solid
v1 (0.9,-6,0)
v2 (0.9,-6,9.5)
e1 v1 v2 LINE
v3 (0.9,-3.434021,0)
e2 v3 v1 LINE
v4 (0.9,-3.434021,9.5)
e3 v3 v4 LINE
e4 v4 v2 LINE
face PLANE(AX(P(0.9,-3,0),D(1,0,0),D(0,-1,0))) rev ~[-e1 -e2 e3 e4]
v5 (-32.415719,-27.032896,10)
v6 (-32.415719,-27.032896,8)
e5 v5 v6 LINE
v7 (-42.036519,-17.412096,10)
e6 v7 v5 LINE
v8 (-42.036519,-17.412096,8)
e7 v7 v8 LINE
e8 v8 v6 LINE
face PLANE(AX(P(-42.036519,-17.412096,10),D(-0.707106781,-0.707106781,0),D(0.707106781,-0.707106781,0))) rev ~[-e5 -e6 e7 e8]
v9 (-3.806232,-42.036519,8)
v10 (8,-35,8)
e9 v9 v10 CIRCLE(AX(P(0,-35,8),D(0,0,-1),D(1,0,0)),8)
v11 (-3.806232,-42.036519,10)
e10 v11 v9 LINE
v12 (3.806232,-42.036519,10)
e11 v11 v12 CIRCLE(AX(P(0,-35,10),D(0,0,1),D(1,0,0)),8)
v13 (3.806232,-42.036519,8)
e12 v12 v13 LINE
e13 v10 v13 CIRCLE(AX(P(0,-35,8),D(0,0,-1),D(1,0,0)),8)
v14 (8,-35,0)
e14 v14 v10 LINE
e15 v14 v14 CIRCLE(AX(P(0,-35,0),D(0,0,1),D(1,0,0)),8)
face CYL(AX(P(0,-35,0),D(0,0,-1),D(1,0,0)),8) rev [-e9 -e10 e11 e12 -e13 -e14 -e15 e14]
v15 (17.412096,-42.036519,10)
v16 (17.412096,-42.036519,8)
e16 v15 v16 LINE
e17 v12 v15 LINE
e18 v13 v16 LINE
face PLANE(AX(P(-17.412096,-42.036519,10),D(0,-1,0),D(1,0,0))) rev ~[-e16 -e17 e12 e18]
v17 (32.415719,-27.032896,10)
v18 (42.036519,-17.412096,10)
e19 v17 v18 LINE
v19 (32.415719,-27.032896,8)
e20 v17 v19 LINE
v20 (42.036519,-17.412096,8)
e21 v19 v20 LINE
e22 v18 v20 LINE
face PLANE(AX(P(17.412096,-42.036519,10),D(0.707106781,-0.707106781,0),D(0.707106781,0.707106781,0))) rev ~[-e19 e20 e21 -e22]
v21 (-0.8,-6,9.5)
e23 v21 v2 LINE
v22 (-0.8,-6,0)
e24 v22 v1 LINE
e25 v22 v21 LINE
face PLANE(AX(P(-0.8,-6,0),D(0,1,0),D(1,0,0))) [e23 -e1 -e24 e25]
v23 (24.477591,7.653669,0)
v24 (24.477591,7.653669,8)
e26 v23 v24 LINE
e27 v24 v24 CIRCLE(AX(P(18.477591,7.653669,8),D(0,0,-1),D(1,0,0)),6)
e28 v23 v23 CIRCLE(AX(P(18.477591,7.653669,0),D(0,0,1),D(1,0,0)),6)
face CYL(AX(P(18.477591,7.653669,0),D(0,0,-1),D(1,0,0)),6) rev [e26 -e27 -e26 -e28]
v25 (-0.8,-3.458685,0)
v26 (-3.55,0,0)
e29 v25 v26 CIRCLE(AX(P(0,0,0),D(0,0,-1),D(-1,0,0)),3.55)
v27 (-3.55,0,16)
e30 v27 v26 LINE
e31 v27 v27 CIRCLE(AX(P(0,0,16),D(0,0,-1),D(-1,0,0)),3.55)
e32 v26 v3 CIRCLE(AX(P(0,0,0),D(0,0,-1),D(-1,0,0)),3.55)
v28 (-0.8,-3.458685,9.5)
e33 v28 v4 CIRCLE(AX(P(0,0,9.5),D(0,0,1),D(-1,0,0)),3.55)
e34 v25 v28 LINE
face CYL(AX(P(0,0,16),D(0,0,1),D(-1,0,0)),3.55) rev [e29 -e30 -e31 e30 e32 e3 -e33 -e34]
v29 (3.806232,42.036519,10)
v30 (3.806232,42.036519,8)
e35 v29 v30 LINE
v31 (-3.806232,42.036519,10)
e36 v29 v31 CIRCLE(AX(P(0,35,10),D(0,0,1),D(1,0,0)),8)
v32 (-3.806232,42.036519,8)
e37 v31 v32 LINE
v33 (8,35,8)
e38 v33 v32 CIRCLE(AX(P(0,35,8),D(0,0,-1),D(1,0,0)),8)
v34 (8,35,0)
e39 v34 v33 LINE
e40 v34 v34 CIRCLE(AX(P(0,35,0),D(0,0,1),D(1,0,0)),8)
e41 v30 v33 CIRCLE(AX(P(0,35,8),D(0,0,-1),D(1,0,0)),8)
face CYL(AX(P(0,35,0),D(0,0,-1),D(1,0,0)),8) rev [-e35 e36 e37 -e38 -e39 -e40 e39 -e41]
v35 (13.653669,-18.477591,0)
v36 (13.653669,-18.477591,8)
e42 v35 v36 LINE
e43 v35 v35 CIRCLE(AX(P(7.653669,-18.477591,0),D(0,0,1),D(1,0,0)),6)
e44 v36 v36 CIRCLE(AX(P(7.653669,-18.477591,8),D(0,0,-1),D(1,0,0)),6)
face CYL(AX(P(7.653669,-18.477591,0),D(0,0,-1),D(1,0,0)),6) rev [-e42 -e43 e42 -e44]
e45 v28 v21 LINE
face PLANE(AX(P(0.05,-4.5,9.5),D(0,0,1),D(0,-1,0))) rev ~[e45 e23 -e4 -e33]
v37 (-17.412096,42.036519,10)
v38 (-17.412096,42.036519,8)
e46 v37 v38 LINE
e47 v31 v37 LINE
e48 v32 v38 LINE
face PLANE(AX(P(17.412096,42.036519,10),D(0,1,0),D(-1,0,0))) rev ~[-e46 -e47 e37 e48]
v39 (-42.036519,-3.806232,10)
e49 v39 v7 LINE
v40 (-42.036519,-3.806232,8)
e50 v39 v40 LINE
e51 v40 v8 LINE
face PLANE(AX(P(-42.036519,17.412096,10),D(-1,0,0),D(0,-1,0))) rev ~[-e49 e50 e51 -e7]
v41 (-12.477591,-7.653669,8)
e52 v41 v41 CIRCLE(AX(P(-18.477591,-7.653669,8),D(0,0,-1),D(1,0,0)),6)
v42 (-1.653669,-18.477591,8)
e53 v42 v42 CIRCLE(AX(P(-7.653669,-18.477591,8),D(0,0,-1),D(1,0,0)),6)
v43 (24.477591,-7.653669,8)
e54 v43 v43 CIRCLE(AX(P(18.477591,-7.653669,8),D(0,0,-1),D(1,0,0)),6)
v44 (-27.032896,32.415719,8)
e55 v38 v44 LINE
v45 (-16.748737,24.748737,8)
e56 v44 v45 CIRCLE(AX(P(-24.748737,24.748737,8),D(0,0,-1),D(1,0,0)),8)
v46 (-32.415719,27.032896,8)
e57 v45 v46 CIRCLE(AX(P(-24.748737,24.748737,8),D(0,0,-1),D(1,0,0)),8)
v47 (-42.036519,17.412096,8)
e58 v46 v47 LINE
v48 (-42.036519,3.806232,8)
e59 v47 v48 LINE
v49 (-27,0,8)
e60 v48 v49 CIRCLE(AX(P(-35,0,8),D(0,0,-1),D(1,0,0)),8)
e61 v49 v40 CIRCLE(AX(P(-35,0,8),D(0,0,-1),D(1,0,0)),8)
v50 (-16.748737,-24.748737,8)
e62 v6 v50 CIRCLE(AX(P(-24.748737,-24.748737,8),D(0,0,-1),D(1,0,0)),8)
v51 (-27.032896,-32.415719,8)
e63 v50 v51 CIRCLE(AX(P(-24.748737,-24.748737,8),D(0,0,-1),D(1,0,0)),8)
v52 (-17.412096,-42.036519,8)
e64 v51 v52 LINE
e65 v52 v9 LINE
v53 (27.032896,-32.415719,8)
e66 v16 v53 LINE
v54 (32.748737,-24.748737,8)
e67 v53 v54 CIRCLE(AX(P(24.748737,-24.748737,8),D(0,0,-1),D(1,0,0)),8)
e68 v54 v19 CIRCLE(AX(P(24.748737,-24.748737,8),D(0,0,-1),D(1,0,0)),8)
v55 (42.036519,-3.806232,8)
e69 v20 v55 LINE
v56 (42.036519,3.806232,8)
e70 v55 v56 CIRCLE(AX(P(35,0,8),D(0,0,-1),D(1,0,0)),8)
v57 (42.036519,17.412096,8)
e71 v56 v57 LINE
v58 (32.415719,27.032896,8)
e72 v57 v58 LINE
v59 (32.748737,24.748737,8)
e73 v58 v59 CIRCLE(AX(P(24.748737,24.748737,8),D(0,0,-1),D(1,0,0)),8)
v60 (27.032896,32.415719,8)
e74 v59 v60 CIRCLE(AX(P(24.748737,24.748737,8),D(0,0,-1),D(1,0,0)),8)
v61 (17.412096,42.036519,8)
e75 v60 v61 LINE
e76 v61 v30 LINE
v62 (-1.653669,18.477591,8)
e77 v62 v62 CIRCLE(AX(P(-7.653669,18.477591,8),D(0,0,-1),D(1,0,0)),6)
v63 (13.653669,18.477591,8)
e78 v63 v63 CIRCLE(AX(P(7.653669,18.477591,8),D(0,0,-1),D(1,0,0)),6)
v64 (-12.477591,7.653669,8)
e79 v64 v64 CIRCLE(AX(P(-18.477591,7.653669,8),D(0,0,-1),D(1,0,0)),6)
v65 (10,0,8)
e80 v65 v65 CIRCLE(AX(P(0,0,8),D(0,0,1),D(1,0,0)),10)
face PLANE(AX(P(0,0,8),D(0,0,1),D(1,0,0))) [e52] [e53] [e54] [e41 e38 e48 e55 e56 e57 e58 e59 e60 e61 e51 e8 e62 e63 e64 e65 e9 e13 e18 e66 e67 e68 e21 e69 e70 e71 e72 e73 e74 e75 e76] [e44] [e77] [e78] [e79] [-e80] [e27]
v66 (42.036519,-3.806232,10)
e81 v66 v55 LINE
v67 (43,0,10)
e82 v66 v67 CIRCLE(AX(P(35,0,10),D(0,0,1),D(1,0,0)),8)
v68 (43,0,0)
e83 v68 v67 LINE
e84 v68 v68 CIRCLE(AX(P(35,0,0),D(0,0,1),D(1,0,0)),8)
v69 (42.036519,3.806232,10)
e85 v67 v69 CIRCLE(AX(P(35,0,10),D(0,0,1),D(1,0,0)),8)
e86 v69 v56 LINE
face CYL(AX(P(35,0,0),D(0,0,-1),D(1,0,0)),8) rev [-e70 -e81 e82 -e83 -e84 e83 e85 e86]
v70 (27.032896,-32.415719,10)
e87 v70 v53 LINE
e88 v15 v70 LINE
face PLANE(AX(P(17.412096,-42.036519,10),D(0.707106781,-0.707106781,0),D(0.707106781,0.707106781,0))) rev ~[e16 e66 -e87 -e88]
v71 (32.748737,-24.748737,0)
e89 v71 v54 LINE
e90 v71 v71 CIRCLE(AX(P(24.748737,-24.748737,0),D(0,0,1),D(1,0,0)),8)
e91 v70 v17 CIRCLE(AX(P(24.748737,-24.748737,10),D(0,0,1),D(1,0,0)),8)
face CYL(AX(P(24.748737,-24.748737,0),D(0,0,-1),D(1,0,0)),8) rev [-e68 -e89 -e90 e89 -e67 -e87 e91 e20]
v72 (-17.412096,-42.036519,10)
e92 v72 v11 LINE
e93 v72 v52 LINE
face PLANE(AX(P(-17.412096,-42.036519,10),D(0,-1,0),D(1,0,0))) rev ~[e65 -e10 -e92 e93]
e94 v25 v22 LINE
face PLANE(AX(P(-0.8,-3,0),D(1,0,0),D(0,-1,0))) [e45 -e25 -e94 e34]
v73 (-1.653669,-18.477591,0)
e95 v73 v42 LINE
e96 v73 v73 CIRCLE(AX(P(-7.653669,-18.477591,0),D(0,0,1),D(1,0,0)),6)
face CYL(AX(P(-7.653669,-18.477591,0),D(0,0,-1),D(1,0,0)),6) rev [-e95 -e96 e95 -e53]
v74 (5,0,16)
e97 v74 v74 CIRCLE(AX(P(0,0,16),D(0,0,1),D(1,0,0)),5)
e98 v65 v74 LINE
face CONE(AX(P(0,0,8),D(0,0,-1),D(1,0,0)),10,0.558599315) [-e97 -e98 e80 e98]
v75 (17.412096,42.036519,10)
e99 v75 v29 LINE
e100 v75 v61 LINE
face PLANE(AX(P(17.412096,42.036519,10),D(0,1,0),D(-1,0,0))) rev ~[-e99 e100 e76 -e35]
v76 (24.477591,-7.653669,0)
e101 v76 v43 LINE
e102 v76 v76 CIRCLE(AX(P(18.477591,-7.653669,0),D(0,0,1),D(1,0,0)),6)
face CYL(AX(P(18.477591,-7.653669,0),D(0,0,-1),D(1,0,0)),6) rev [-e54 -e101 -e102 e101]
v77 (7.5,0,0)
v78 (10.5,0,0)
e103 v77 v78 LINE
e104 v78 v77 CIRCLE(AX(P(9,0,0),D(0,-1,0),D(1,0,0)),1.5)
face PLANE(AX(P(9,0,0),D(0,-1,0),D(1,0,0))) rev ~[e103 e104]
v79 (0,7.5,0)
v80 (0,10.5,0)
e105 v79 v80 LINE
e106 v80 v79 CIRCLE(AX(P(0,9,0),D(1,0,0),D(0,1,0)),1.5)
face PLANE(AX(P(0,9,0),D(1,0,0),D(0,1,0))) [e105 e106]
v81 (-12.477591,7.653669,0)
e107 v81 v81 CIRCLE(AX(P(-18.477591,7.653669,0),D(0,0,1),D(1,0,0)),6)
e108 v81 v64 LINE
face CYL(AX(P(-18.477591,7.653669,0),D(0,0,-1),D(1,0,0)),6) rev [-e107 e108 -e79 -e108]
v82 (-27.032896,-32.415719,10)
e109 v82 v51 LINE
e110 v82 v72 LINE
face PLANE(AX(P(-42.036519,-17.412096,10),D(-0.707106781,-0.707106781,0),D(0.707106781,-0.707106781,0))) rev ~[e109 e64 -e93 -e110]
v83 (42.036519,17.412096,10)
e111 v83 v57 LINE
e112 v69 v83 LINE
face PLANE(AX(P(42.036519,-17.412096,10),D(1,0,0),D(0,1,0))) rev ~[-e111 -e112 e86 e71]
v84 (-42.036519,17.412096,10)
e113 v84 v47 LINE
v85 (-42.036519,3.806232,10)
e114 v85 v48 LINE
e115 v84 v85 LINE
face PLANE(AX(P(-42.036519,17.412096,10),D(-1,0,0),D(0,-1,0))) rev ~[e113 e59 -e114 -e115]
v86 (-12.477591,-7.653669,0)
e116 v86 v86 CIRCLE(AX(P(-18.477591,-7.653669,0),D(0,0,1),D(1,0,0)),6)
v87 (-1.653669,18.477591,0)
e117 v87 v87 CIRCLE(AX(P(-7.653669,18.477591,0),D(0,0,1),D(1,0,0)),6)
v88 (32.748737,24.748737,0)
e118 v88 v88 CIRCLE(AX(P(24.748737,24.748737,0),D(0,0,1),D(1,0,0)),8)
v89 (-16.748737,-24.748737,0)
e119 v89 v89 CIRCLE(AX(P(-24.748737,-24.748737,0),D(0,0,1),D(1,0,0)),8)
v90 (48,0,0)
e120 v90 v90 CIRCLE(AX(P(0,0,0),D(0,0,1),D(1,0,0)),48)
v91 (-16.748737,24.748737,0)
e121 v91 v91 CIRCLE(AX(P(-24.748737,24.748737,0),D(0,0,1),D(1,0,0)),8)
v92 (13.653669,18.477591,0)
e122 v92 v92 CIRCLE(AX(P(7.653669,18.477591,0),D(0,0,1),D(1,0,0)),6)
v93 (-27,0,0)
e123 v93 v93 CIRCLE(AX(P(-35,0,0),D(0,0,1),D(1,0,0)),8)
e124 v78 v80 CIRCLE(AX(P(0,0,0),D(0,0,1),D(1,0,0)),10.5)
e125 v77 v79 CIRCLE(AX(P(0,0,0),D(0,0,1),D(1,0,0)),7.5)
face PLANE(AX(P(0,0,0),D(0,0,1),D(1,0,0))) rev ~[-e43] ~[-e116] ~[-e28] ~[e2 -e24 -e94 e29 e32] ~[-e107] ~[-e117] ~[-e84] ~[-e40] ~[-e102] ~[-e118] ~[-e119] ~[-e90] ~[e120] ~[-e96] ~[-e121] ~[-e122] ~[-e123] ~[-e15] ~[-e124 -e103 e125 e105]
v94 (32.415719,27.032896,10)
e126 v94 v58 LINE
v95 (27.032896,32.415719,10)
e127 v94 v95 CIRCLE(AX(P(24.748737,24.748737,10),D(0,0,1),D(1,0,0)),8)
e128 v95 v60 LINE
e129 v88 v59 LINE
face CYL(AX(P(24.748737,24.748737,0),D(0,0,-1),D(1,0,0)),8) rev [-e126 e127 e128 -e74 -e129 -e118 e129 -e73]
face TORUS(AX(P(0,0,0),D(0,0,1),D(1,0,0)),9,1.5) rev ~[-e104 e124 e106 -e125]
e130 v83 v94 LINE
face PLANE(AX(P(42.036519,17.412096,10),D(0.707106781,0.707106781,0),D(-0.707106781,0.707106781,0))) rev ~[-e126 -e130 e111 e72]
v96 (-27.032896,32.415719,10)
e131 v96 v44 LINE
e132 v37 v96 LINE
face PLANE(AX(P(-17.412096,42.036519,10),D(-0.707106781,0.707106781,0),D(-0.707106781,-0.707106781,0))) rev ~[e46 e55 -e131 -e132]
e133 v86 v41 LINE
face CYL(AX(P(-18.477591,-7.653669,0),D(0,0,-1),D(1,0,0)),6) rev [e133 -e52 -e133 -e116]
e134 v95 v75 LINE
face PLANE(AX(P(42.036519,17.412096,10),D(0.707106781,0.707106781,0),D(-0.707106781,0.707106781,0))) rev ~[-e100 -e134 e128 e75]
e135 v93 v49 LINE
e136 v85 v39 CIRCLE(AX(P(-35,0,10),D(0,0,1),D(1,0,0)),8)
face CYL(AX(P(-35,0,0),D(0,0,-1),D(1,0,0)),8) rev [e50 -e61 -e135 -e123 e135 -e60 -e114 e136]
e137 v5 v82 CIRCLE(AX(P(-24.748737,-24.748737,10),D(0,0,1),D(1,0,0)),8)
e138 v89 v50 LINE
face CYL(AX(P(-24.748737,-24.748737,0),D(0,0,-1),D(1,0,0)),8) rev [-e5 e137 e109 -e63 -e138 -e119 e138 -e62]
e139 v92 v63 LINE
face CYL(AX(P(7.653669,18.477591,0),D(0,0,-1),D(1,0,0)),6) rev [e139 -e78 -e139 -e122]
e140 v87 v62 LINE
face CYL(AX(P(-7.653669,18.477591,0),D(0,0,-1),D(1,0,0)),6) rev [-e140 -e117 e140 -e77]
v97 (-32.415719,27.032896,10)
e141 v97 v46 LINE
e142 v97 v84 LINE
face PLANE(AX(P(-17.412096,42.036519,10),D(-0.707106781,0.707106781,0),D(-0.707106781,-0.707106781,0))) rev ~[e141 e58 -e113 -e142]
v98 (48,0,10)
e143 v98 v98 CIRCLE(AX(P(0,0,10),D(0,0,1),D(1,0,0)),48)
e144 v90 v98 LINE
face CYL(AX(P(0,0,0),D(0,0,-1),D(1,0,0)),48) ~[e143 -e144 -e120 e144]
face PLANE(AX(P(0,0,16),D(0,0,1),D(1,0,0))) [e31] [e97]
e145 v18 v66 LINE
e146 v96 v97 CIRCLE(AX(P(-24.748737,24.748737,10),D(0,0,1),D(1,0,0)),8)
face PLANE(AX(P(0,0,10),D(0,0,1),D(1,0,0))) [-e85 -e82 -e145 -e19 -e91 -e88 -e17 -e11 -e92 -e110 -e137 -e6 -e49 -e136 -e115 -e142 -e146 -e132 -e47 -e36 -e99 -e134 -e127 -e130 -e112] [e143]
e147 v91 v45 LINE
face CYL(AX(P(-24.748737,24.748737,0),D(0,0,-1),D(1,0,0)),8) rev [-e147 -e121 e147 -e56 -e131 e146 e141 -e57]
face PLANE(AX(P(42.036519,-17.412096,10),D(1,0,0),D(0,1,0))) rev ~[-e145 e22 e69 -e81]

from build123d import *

# Parameters (mm, degrees)
SKETCH_R       = 48
SKETCH_R_2     = 8
SKETCH_R_3     = 6
PAD_DEPTH      = 10
POCKET_DEPTH   = 2
CYLINDER_R     = 3.55
CYLINDER_DEPTH = 16
BOX_W          = 3
BOX_H          = 1.7
BOX_DEPTH      = 9.5
TORUS_R        = 1.5
TORUS_ANGLE    = 90


with BuildPart() as part:
    # Sketch → Pad (new body)
    with BuildSketch(Plane.XY):
        Circle(SKETCH_R)
        with Locations((0, 35)):
            Circle(SKETCH_R_2, mode=Mode.SUBTRACT)
        with Locations((24.748737, 24.748737)):
            Circle(SKETCH_R_2, mode=Mode.SUBTRACT)
        with Locations((35, 0)):
            Circle(SKETCH_R_2, mode=Mode.SUBTRACT)
        with Locations((24.748737, -24.748737)):
            Circle(SKETCH_R_2, mode=Mode.SUBTRACT)
        with Locations((0, -35)):
            Circle(SKETCH_R_2, mode=Mode.SUBTRACT)
        with Locations((-24.748737, -24.748737)):
            Circle(SKETCH_R_2, mode=Mode.SUBTRACT)
        with Locations((-35, 0)):
            Circle(SKETCH_R_2, mode=Mode.SUBTRACT)
        with Locations((-24.748737, 24.748737)):
            Circle(SKETCH_R_2, mode=Mode.SUBTRACT)
        with Locations((-7.653669, -18.477591)):
            Circle(SKETCH_R_3, mode=Mode.SUBTRACT)
        with Locations((7.653669, -18.477591)):
            Circle(SKETCH_R_3, mode=Mode.SUBTRACT)
        with Locations((18.477591, -7.653669)):
            Circle(SKETCH_R_3, mode=Mode.SUBTRACT)
        with Locations((18.477591, 7.653669)):
            Circle(SKETCH_R_3, mode=Mode.SUBTRACT)
        with Locations((7.653669, 18.477591)):
            Circle(SKETCH_R_3, mode=Mode.SUBTRACT)
        with Locations((-7.653669, 18.477591)):
            Circle(SKETCH_R_3, mode=Mode.SUBTRACT)
        with Locations((-18.477591, 7.653669)):
            Circle(SKETCH_R_3, mode=Mode.SUBTRACT)
        with Locations((-18.477591, -7.653669)):
            Circle(SKETCH_R_3, mode=Mode.SUBTRACT)
    extrude(amount=PAD_DEPTH)

    # Sketch001 (on Face19 of Pad) → Pocket (cut)
    with BuildSketch(Plane.XY.offset(10)):
        Polygon((42.036519, 17.412096), (17.412096, 42.036519), (-17.412096, 42.036519), (-42.036519, 17.412096), (-42.036519, -17.412096), (-17.412096, -42.036519), (17.412096, -42.036519), (42.036519, -17.412096), align=None)
    extrude(amount=-POCKET_DEPTH, mode=Mode.SUBTRACT)

    # Cone → Cone (revolve)
    with BuildSketch(Plane(origin=(0, 0, 8), x_dir=(1, 0, 0), z_dir=(0, -1, 0))):
        Polygon((0, 0), (10, 0), (5, 8), (0, 8), align=None)
    revolve(axis=Axis((0, 0, 8), (0, 0, 1)))

    # Cylinder → Cylinder (cut)
    with BuildSketch(Plane(origin=(0, 0, 16), x_dir=(-1, 0, 0), z_dir=(0, 0, -1))):
        Circle(CYLINDER_R)
    extrude(amount=CYLINDER_DEPTH, mode=Mode.SUBTRACT)

    # Box → Box (cut)
    with BuildSketch(Plane(origin=(-0.8, -3, 0), x_dir=(0, -1, 0), z_dir=(0, 0, 1))):
        with Locations((1.5, 0.85)):
            Rectangle(BOX_W, BOX_H)
    extrude(amount=BOX_DEPTH, mode=Mode.SUBTRACT)

    # Torus → Torus (revolve, cut)
    with BuildSketch(Plane.XZ):
        with Locations((9, 0)):
            Circle(TORUS_R)
    revolve(axis=Axis((0, 0, 0), (0, 0, 1)), revolution_arc=TORUS_ANGLE, mode=Mode.SUBTRACT)


solid = part.part
